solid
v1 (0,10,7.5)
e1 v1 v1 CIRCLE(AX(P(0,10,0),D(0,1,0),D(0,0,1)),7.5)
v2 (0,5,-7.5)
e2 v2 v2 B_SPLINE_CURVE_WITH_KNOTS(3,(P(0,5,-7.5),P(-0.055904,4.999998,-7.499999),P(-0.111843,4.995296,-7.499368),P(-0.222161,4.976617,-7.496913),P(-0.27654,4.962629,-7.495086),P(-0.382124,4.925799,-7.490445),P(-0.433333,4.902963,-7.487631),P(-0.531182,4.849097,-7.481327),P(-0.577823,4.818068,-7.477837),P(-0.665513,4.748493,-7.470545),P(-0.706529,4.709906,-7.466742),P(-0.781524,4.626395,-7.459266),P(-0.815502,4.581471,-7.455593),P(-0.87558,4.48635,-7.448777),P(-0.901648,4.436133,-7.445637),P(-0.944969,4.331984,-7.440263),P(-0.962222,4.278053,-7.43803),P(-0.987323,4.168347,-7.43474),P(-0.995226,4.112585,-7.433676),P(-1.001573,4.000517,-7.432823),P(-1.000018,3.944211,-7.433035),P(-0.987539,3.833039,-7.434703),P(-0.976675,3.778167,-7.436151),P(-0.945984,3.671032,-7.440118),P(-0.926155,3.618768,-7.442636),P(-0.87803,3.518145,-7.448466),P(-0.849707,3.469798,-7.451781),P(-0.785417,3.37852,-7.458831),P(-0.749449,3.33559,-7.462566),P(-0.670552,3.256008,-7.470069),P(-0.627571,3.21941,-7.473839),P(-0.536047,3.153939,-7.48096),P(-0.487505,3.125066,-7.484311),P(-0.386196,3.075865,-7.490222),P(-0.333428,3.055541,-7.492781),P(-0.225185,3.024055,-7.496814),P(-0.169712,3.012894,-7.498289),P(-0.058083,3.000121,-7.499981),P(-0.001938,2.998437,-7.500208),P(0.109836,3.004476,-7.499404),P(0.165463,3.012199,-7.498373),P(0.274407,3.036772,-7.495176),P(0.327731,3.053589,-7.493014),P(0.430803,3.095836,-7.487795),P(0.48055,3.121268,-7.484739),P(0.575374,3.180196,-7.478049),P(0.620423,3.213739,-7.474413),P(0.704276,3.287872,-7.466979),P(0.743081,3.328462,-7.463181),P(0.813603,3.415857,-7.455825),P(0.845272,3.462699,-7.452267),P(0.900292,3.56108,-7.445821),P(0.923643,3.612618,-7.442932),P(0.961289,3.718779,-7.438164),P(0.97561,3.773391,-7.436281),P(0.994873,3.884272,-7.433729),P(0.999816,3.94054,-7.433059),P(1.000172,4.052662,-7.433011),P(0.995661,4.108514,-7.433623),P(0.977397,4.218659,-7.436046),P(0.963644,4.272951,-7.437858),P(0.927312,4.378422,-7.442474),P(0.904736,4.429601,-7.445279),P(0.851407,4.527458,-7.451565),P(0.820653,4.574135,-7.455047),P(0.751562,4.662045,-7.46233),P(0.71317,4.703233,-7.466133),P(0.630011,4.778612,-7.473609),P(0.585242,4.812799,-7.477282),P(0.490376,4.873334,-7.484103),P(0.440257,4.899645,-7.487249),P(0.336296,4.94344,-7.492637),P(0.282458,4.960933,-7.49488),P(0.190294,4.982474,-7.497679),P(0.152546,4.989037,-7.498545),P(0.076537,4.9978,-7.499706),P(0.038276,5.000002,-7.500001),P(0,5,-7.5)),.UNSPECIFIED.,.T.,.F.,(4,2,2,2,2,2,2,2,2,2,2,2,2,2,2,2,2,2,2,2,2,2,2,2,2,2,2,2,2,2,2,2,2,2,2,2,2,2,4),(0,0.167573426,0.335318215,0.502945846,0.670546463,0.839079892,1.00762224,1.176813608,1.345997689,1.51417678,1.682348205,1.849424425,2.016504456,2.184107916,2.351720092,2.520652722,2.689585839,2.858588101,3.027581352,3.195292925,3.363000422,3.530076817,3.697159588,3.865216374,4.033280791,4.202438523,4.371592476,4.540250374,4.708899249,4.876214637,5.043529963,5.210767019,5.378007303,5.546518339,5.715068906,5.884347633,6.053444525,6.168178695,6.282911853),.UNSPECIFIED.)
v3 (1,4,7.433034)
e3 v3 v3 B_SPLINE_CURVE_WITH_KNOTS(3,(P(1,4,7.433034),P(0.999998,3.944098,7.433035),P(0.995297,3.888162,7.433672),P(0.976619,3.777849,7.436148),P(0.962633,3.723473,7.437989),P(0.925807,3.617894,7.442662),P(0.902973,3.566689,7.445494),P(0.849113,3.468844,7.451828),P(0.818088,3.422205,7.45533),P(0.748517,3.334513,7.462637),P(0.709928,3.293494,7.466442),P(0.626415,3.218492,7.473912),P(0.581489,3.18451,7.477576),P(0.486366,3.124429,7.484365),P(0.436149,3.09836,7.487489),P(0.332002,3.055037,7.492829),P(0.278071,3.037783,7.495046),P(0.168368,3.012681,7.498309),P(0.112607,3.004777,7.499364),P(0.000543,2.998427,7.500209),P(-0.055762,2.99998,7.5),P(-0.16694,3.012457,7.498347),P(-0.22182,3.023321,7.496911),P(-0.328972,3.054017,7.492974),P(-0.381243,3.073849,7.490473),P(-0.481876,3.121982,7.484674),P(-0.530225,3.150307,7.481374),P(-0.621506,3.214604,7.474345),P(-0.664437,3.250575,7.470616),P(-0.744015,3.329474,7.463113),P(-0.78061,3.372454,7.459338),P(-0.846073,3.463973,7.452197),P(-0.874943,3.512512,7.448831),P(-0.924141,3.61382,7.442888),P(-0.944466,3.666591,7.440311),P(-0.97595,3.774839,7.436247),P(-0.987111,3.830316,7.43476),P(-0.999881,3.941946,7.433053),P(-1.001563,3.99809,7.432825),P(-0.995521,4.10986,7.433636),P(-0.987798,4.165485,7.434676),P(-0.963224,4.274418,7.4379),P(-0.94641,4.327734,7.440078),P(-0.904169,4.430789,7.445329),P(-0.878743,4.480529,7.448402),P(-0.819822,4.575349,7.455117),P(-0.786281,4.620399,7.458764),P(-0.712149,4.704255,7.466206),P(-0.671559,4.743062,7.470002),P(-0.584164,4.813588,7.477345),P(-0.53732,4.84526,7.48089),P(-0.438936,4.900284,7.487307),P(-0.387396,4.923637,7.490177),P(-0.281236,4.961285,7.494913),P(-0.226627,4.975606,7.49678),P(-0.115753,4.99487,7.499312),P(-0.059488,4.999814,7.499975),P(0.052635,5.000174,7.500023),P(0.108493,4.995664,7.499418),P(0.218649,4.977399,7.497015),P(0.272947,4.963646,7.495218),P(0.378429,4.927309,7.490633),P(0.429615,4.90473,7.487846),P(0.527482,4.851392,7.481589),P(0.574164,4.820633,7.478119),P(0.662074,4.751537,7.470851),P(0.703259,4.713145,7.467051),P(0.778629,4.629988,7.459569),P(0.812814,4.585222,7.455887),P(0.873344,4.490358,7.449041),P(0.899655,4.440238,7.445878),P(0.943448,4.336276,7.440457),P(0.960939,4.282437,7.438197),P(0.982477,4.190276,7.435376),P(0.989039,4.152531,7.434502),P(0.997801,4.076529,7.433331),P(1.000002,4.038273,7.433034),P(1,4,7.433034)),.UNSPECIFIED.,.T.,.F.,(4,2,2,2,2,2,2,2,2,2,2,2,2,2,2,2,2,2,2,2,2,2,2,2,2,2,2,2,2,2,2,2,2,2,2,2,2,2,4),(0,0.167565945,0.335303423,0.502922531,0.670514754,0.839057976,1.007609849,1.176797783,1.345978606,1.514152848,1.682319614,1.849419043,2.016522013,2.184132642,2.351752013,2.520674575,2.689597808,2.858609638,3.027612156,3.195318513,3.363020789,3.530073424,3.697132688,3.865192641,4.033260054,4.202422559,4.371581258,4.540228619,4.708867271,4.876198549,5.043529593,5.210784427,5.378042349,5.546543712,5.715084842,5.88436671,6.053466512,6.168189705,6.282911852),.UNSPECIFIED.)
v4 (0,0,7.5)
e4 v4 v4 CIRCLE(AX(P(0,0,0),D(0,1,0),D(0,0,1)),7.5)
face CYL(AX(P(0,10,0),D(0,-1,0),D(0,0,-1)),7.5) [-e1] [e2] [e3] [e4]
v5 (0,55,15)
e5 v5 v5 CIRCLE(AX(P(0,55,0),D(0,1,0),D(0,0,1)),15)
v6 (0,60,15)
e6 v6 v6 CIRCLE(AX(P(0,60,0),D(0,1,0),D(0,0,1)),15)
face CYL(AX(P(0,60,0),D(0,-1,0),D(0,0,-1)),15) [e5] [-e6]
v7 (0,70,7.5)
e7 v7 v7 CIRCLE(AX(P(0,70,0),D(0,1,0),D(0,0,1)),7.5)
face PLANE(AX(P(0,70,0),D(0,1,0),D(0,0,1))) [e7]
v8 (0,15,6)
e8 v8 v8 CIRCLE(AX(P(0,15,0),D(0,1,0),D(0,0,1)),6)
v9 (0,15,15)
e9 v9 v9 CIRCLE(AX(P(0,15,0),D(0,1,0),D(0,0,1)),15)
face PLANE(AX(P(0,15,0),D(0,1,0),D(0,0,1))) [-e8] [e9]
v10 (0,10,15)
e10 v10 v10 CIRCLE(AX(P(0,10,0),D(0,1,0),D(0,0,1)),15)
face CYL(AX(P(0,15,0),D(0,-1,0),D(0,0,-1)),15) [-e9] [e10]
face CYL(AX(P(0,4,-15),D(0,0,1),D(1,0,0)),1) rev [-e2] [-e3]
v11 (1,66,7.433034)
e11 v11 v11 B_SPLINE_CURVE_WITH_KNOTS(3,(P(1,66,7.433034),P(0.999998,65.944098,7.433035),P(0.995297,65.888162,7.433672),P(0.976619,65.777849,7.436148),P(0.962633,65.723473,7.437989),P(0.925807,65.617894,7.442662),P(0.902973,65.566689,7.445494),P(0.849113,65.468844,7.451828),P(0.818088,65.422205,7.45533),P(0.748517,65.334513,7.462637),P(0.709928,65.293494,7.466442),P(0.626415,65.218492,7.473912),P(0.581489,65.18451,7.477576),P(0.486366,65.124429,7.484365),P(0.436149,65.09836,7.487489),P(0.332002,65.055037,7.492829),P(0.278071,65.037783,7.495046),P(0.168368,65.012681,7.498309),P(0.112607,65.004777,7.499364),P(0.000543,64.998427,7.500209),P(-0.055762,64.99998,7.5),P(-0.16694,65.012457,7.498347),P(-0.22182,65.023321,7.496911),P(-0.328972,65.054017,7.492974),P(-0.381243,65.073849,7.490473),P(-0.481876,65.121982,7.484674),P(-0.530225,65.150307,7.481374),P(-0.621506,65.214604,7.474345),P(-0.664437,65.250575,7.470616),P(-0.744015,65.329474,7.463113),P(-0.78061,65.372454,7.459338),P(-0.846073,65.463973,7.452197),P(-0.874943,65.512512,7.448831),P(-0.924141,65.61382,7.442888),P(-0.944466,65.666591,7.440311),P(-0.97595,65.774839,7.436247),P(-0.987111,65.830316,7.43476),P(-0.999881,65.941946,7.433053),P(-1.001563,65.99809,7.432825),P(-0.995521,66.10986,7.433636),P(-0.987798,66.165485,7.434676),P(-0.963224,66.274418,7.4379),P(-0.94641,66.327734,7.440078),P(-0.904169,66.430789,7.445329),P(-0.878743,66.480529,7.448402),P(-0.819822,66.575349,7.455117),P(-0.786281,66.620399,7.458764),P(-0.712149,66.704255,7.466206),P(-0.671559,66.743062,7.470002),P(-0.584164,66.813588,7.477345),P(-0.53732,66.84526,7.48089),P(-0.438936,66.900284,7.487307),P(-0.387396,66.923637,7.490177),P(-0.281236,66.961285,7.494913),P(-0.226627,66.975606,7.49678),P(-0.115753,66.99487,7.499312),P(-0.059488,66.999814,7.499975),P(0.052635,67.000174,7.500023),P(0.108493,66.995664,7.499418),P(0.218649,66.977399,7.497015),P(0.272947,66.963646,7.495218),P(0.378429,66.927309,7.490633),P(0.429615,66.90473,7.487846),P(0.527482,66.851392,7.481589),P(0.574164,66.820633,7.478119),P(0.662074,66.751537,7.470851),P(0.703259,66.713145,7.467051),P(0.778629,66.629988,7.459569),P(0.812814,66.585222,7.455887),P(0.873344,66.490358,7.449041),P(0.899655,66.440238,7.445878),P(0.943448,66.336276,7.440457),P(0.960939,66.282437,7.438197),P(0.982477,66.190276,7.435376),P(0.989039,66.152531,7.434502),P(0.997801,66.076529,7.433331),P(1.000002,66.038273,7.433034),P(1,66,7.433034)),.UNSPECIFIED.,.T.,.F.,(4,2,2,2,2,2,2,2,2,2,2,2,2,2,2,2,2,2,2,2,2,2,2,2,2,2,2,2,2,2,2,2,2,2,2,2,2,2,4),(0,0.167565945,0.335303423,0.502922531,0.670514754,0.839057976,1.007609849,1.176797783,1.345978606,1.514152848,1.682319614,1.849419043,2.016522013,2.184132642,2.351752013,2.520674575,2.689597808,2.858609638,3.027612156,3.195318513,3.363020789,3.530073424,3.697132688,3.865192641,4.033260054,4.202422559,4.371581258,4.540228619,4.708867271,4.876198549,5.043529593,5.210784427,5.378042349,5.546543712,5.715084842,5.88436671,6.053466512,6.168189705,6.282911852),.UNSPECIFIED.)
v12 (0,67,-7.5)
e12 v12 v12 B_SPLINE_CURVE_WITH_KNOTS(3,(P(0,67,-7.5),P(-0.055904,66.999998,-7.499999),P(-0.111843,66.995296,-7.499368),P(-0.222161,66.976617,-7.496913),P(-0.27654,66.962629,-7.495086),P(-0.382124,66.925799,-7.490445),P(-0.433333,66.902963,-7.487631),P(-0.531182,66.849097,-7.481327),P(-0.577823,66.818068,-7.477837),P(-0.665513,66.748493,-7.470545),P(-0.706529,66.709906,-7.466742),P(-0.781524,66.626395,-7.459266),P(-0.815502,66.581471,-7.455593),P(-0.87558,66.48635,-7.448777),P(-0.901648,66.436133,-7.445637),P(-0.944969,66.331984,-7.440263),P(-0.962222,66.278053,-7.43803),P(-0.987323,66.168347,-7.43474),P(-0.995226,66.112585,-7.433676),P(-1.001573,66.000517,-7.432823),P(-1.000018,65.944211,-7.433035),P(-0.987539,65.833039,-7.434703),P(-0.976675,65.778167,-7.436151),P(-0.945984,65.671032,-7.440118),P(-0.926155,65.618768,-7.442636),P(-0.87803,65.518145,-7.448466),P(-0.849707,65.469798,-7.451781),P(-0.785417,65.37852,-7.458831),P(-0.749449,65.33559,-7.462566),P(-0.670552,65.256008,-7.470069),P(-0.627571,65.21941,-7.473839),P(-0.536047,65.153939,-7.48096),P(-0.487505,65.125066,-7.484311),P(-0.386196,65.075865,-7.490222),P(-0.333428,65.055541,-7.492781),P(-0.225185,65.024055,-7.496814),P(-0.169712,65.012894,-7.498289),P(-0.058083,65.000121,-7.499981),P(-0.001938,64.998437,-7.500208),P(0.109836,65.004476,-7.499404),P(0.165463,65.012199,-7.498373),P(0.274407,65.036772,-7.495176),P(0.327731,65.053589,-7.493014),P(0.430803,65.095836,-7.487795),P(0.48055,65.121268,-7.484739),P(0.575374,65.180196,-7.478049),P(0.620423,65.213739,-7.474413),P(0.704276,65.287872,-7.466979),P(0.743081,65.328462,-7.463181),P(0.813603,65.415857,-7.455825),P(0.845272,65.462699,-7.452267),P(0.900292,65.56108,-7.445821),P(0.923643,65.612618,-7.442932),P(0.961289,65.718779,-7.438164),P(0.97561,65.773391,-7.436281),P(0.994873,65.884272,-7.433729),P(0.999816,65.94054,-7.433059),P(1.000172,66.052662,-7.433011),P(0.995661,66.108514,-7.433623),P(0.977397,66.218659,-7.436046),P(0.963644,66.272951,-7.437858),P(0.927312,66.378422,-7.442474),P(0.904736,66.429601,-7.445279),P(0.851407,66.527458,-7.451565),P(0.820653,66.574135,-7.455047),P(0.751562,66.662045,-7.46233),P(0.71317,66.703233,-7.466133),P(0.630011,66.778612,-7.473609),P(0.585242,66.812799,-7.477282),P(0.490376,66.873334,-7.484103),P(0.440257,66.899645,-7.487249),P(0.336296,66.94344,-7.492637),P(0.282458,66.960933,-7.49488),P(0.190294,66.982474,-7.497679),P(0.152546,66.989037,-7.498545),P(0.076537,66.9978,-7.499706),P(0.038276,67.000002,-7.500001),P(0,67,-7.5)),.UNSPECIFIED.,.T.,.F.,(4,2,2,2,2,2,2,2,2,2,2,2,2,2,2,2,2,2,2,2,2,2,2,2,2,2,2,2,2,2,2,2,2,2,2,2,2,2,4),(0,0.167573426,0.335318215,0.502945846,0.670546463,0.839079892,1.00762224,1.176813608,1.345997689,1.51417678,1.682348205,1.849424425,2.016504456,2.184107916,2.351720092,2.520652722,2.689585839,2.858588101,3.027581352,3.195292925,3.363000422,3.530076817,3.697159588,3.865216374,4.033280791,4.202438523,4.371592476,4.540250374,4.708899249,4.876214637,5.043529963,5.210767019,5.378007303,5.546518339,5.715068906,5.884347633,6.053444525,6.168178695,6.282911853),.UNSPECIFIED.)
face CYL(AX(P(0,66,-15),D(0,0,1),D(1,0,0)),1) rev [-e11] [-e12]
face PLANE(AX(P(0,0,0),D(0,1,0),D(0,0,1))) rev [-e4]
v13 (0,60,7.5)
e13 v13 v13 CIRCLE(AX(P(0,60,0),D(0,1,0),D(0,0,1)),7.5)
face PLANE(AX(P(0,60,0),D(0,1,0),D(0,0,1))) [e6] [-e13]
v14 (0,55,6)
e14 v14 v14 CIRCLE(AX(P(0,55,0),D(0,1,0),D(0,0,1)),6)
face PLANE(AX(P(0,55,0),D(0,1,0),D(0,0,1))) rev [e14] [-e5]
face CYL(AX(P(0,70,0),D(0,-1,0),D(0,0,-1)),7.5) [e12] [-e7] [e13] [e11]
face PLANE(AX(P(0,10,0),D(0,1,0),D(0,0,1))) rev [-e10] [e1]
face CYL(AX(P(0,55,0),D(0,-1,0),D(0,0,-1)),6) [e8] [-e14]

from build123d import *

# Parameters (mm, degrees)
SKETCH1_R               = 7.5
BOSS_EXTRUDE1_DEPTH     = 10
SKETCH2_R               = 15
BOSS_EXTRUDE2_DEPTH     = 5
SKETCH3_R               = 6
BOSS_EXTRUDE3_DEPTH     = 40
SKETCH4_R               = 15
BOSS_EXTRUDE4_DEPTH     = 5
SKETCH5_R               = 7.5
BOSS_EXTRUDE5_DEPTH     = 10
CUT_EXTRUDE1_DEPTH      = 74.143694192
CUT_EXTRUDE1_DEPTH_BACK = 74.143694192
SKETCH6_R               = 1


with BuildPart() as part:
    # Sketch1 → Boss-Extrude1 (new body)
    with BuildSketch(Plane(origin=(0, 0, 0), x_dir=(1, 0, 0), z_dir=(0, 1, 0))):
        with Locations(Location((0, 0, 0), (0, 0, 270))):
            Circle(SKETCH1_R)
    extrude(amount=BOSS_EXTRUDE1_DEPTH)

    # Sketch2 → Boss-Extrude2 (add)
    with BuildSketch(Plane(origin=(0, 10, 0), x_dir=(1, 0, 0), z_dir=(0, 1, 0))):
        with Locations(Location((0, 0, 0), (0, 0, 270))):
            Circle(SKETCH2_R)
    extrude(amount=BOSS_EXTRUDE2_DEPTH)

    # Sketch3 → Boss-Extrude3 (add)
    with BuildSketch(Plane(origin=(0, 15, 0), x_dir=(1, 0, 0), z_dir=(0, 1, 0))):
        with Locations(Location((0, 0, 0), (0, 0, 270))):
            Circle(SKETCH3_R)
    extrude(amount=BOSS_EXTRUDE3_DEPTH)

    # Sketch4 → Boss-Extrude4 (add)
    with BuildSketch(Plane(origin=(0, 55, 0), x_dir=(1, 0, 0), z_dir=(0, 1, 0))):
        with Locations(Location((0, 0, 0), (0, 0, 270))):
            Circle(SKETCH4_R)
    extrude(amount=BOSS_EXTRUDE4_DEPTH)

    # Sketch5 → Boss-Extrude5 (add)
    with BuildSketch(Plane(origin=(0, 60, 0), x_dir=(1, 0, 0), z_dir=(0, 1, 0))):
        with Locations(Location((0, 0, 0), (0, 0, 270))):
            Circle(SKETCH5_R)
    extrude(amount=BOSS_EXTRUDE5_DEPTH)

    # Sketch6 → Cut-Extrude1 (cut, two sides: drawn at the far end of the back side and taken through both)
    with BuildSketch(Plane.XY.offset(-CUT_EXTRUDE1_DEPTH_BACK)):
        with Locations((0, 4)):
            Circle(SKETCH6_R)
        with Locations((0, 66)):
            Circle(SKETCH6_R)
    extrude(amount=CUT_EXTRUDE1_DEPTH + CUT_EXTRUDE1_DEPTH_BACK, mode=Mode.SUBTRACT)


solid = part.part
